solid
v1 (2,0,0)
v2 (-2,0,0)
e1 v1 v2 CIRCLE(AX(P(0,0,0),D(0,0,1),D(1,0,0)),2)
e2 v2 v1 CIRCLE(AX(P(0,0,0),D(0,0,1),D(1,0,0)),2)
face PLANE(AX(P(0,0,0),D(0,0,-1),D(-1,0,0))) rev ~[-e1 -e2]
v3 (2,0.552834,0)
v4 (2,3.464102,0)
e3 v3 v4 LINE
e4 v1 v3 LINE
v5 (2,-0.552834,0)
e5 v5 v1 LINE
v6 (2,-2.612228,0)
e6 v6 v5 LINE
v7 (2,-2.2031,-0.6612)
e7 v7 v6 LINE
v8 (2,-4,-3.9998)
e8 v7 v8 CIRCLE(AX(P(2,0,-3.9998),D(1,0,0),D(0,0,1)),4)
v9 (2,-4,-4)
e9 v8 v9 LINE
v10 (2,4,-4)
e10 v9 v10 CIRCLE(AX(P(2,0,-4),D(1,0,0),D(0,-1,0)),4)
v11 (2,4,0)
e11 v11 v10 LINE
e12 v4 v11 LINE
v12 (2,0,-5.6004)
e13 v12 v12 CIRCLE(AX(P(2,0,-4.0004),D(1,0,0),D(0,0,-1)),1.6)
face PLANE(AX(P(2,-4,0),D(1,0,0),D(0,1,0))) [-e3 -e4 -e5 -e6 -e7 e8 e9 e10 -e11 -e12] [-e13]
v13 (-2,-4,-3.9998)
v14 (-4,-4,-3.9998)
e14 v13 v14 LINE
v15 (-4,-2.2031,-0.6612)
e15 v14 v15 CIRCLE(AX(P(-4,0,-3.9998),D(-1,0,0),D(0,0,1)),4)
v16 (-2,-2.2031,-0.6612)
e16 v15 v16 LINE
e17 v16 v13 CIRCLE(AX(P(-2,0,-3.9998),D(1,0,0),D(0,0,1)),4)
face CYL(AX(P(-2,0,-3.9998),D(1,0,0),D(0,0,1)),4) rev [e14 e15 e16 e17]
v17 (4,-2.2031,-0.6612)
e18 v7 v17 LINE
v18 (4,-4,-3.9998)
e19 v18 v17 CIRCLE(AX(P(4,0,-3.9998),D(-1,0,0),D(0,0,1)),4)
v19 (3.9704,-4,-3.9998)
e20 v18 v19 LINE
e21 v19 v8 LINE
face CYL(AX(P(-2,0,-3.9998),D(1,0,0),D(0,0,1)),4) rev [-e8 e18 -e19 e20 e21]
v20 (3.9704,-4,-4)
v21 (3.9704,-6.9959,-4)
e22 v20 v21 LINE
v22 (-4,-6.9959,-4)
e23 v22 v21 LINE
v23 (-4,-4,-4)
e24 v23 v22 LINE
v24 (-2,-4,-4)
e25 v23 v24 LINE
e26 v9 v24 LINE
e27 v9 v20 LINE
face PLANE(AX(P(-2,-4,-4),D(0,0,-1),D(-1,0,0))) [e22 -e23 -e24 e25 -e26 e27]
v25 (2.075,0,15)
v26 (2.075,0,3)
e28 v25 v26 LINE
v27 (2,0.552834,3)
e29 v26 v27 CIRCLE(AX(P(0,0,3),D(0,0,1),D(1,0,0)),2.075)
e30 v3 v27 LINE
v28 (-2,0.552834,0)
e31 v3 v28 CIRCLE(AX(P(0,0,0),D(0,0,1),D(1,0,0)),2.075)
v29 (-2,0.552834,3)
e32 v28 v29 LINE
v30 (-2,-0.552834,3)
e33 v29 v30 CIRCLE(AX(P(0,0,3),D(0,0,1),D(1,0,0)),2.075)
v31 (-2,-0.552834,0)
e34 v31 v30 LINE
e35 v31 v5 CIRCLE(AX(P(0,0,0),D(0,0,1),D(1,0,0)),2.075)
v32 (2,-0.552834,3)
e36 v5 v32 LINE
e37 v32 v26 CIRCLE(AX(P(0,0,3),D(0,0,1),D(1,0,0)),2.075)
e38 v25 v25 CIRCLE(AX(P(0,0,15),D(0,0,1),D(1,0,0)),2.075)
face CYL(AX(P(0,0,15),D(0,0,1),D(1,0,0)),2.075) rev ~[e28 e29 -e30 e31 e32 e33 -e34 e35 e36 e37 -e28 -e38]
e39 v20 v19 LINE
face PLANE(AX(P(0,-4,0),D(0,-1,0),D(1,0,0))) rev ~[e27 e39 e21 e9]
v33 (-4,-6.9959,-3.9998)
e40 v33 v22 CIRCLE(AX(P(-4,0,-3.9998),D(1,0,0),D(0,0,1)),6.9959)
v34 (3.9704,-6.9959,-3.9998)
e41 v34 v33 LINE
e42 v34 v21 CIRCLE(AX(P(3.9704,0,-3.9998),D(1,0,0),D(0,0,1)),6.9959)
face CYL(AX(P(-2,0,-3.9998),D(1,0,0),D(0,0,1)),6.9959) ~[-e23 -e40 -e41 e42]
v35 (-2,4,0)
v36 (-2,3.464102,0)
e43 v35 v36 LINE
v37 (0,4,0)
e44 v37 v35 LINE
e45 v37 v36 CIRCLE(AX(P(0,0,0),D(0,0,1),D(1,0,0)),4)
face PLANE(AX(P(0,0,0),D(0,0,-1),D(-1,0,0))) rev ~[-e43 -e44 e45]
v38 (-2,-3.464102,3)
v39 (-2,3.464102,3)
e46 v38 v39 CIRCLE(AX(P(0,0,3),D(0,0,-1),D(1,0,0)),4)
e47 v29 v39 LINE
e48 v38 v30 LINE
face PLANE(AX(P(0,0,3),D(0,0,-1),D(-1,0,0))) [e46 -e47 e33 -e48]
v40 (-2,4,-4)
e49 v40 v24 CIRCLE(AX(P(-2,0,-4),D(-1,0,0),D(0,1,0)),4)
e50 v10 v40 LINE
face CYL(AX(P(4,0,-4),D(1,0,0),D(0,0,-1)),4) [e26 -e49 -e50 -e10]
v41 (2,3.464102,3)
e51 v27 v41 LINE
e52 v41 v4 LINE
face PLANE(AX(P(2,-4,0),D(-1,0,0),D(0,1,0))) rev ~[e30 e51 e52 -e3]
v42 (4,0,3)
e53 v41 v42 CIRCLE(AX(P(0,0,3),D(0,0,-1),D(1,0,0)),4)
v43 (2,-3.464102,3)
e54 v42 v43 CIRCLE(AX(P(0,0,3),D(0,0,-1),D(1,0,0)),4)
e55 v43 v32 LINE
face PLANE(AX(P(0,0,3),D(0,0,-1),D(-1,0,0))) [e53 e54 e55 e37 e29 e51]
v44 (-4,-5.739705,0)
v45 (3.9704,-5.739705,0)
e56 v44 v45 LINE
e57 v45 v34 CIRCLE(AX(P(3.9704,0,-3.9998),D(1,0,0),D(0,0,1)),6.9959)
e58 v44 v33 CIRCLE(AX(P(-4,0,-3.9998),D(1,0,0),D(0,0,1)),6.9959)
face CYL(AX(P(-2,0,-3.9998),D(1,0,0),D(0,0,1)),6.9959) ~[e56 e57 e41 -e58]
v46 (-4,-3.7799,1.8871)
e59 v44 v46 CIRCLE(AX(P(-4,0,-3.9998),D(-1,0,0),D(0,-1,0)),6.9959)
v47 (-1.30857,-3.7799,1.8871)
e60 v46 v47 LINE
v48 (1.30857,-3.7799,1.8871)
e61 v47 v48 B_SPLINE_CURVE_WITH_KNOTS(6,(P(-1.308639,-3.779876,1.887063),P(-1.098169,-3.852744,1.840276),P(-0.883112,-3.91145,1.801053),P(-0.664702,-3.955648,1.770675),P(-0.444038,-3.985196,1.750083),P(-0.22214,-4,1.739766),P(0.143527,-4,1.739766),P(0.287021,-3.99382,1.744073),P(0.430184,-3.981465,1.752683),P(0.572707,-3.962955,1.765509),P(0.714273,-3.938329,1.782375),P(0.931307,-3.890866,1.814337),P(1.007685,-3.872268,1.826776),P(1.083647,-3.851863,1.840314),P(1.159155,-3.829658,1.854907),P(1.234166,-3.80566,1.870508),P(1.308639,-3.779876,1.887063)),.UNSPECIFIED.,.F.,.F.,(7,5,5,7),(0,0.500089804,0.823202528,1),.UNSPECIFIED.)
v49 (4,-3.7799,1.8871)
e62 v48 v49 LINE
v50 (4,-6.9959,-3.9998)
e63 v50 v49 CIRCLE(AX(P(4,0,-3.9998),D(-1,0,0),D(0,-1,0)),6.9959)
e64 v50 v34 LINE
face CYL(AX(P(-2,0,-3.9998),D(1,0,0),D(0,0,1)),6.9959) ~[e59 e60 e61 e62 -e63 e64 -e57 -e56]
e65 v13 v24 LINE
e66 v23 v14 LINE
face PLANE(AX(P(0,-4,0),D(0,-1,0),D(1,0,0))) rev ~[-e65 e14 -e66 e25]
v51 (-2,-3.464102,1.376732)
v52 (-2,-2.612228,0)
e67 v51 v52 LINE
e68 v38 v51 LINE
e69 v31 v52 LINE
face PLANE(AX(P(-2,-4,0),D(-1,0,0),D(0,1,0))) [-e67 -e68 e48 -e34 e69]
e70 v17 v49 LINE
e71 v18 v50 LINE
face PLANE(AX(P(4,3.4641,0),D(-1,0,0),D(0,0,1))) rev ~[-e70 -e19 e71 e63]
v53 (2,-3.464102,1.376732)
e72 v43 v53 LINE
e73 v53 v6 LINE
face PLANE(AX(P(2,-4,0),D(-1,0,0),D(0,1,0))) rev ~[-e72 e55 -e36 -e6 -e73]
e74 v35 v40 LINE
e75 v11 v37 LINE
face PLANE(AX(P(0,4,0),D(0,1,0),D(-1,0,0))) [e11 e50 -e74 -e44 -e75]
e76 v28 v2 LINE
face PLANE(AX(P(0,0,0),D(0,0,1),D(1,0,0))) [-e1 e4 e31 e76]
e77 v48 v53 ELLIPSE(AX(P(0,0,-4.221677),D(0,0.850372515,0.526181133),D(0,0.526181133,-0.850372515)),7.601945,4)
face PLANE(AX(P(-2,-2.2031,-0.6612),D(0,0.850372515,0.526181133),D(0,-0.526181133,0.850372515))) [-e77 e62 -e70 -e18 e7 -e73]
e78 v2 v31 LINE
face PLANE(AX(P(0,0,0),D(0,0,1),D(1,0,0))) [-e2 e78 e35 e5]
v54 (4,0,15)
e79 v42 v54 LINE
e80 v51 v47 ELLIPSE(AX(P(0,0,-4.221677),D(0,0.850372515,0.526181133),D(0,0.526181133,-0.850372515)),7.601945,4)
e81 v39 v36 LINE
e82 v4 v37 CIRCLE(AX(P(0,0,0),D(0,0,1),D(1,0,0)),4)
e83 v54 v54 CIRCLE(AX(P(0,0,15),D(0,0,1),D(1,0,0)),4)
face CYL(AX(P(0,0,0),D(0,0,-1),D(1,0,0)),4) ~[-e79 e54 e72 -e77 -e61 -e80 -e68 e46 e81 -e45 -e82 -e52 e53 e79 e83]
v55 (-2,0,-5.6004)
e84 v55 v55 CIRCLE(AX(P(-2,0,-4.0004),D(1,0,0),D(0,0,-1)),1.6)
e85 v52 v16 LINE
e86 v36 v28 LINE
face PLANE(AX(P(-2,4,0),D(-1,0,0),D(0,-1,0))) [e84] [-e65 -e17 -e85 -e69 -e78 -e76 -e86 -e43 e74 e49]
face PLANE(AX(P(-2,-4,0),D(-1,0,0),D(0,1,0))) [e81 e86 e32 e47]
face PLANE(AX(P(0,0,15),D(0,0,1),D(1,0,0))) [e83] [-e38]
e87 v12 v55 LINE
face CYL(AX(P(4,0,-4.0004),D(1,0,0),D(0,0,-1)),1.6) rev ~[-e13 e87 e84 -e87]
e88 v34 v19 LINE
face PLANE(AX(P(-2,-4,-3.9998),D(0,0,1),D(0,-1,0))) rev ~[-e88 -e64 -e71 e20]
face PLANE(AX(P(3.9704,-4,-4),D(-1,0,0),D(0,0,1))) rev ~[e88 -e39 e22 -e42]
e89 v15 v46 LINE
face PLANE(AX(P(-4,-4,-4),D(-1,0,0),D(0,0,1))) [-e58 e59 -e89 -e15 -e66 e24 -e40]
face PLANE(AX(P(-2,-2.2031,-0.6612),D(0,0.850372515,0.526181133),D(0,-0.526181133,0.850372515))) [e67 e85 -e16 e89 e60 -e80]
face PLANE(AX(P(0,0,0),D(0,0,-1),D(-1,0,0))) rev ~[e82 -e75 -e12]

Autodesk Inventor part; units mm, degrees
ref_plane "YZ Plane" through (0, 0, 0) normal (1, 0, 0) x (0, 1, 0)
ref_plane "XZ Plane" through (0, 0, 0) normal (0, 1, 0) x (-1, 0, 0)
ref_plane "XY Plane" through (0, 0, 0) normal (0, 0, 1) x (1, 0, 0)
sketch "Sketch1" plane through (0, 0, 0) normal (0, 0, 1) x (1, 0, 0)
  circle A0 centre (0, 0) radius 2
  circle A1 centre (0, 0) radius 4
  dimension "d0" = 4
  dimension "d1" = 8
extrude "Extrusion1" add sketch "Sketch1" along normal blind 15
sketch "Sketch2" plane through (0, 0, 0) normal (0, 0, -1) x (-1, 0, 0)
  circle A0 centre (0, 0) radius 4 projected
  line L0 (0, 4) -> (4, 4)
  line L1 (4, 4) -> (4, -4)
  line L2 (4, -4) -> (0, -4)
  line L3 (0, -4) -> (0, 4)
  line L4 (4, -4) -> (-4, -4)
  line L5 (-4, -4) -> (-4, 4)
  line L6 (-4, 4) -> (4, 4)
  line L7 (4, 4) -> (4, -4)
extrude "Extrusion2" add sketch "Sketch2" along normal blind 8
sketch "Sketch3" plane through (4, 0, 0) normal (1, 0, 0) x (0, 0, -1)
  circle A0 centre (4, 0) radius 4
  line L0 (0, 4) -> (0, 0) projected
  line L1 (8, 4) -> (8, -4) projected
  line L2 (0, 4) -> (8, 4)
  line L3 (8, 4) -> (8, -4)
  line L4 (8, -4) -> (0, -4)
  line L5 (0, -4) -> (0, 4)
  point P0 (4, -4)
  point P1 (8, 0)
  point P2 (4, 4)
extrude "Extrusion3" cut sketch "Sketch3" against normal blind 8 contours L1 L4 A0 | A0 L2 L1
sketch "Sketch4" plane through (4, 0, 0) normal (1, 0, 0) x (0, 0, -1)
  circle A0 centre (4.0004, 0) radius 1.6
  point P0 (0, 0)
  dimension "d8" = 3.2
extrude "Extrusion4" cut sketch "Sketch4" against normal blind 8
sketch "Sketch5" plane through (0, 0, 0) normal (0, 0, 1) x (1, 0, 0)
  line L0 (0, 4) -> (4, 4) projected
  line L1 (0, -4) -> (-4, -4) projected
  line L2 (2, 4) -> (-2, 4)
  line L3 (-2, 4) -> (-2, -4)
  line L4 (-2, -4) -> (2, -4)
  line L5 (2, -4) -> (2, 4)
  line L6 (4, -4) -> (0, -4) projected
  line L7 (4, -4) -> (-4, -4)
  line L8 (-4, -4) -> (-4, 4)
  line L9 (-4, 4) -> (4, 4)
  line L10 (4, 4) -> (4, -4)
  point P0 (0, 0)
extrude "Extrusion5" cut sketch "Sketch5" against normal blind 8 contours L0 L10 L6 L5 | L3 L1 L8 L9
sketch "Sketch6" plane through (0, -4, 0) normal (0, -1, 0) x (1, 0, 0)
  line L0 (-2, -4) -> (2, -4) projected
  line L1 (-2, 0) -> (-4, 0) projected
  line L2 (0, -4) -> (-4, -4)
  line L3 (-4, -4) -> (-4, 0)
  line L4 (-4, 0) -> (0, 0)
  line L5 (0, 0) -> (0, -4)
  line L6 (0, -4) -> (3.9704, -4)
  line L7 (3.9704, -4) -> (3.9704, 0)
  line L8 (3.9704, 0) -> (0, 0)
  line L9 (0, 0) -> (0, -4)
extrude "Extrusion6" add sketch "Sketch6" along normal blind 3
sketch "Sketch7" plane through (0, 0, 0) normal (0, 0, -1) x (-1, 0, 0)
  line L0 (2, 4) -> (-2, 4) projected
  line L1 (-2, -4) -> (-2, 4) projected
  line L2 (2, 4) -> (-2, 4)
  line L3 (-2, 4) -> (-2, -4)
  line L4 (-2, -4) -> (2, -4)
  line L5 (2, -4) -> (2, 4)
  line L6 (5.0463, 4) -> (-4.8372, 4)
  line L7 (-4.8372, 4) -> (-4.8372, -4)
  line L8 (-4.8372, -4) -> (5.0463, -4)
  line L9 (5.0463, -4) -> (5.0463, 4)
  point P0 (0, 0)
extrude "Extrusion7" cut sketch "Sketch7" against normal blind 3 contours L6 L9 L8 L5 | L1 L8 L7 L6
sketch "Sketch8" plane through (-2, 3.4641, 0) normal (-1, 0, 0) x (0, 0, 1)
  circle A0 centre (-3.9998, -3.4641) radius 4
  circle A1 centre (-3.9998, -3.4641) radius 6.9959
  line L0 (-0.6612, -5.6672) -> (1.8871, -7.244)
  line L1 (-3.9998, -7.4641) -> (-3.9998, -10.46)
  circle A2 centre (-3.9998, -3.4641) radius 8.7454
  line L2 (0.613, -8.7238) -> (1.7591, -10.0457)
  line L3 (-5.354, -10.3276) -> (-5.7862, -12.0251)
  point P0 (0, -3.4641)
extrude "Extrusion8" cut sketch "Sketch8" along normal mid plane 20 contours A1 L2 A2 L3 picked at (0.8234, -9.9865)
extrude "Extrusion9" add sketch "Sketch8" along normal blind 2 and the other way blind 6 contours A0 L0 A1 L1 picked at (-3.4455, -9.3945)
sketch "Sketch9" plane through (0, 0, 15) normal (0, 0, 1) x (1, 0, 0)
  arc A0 (2, 0) -> (-2, 0) centre (0, 0) ccw projected
  circle A1 centre (0, 0) radius 2.075
  dimension "d23" = 4.15
extrude "Extrusion10" cut sketch "Sketch9" against normal blind 15
properties part number "hingejoint1"
